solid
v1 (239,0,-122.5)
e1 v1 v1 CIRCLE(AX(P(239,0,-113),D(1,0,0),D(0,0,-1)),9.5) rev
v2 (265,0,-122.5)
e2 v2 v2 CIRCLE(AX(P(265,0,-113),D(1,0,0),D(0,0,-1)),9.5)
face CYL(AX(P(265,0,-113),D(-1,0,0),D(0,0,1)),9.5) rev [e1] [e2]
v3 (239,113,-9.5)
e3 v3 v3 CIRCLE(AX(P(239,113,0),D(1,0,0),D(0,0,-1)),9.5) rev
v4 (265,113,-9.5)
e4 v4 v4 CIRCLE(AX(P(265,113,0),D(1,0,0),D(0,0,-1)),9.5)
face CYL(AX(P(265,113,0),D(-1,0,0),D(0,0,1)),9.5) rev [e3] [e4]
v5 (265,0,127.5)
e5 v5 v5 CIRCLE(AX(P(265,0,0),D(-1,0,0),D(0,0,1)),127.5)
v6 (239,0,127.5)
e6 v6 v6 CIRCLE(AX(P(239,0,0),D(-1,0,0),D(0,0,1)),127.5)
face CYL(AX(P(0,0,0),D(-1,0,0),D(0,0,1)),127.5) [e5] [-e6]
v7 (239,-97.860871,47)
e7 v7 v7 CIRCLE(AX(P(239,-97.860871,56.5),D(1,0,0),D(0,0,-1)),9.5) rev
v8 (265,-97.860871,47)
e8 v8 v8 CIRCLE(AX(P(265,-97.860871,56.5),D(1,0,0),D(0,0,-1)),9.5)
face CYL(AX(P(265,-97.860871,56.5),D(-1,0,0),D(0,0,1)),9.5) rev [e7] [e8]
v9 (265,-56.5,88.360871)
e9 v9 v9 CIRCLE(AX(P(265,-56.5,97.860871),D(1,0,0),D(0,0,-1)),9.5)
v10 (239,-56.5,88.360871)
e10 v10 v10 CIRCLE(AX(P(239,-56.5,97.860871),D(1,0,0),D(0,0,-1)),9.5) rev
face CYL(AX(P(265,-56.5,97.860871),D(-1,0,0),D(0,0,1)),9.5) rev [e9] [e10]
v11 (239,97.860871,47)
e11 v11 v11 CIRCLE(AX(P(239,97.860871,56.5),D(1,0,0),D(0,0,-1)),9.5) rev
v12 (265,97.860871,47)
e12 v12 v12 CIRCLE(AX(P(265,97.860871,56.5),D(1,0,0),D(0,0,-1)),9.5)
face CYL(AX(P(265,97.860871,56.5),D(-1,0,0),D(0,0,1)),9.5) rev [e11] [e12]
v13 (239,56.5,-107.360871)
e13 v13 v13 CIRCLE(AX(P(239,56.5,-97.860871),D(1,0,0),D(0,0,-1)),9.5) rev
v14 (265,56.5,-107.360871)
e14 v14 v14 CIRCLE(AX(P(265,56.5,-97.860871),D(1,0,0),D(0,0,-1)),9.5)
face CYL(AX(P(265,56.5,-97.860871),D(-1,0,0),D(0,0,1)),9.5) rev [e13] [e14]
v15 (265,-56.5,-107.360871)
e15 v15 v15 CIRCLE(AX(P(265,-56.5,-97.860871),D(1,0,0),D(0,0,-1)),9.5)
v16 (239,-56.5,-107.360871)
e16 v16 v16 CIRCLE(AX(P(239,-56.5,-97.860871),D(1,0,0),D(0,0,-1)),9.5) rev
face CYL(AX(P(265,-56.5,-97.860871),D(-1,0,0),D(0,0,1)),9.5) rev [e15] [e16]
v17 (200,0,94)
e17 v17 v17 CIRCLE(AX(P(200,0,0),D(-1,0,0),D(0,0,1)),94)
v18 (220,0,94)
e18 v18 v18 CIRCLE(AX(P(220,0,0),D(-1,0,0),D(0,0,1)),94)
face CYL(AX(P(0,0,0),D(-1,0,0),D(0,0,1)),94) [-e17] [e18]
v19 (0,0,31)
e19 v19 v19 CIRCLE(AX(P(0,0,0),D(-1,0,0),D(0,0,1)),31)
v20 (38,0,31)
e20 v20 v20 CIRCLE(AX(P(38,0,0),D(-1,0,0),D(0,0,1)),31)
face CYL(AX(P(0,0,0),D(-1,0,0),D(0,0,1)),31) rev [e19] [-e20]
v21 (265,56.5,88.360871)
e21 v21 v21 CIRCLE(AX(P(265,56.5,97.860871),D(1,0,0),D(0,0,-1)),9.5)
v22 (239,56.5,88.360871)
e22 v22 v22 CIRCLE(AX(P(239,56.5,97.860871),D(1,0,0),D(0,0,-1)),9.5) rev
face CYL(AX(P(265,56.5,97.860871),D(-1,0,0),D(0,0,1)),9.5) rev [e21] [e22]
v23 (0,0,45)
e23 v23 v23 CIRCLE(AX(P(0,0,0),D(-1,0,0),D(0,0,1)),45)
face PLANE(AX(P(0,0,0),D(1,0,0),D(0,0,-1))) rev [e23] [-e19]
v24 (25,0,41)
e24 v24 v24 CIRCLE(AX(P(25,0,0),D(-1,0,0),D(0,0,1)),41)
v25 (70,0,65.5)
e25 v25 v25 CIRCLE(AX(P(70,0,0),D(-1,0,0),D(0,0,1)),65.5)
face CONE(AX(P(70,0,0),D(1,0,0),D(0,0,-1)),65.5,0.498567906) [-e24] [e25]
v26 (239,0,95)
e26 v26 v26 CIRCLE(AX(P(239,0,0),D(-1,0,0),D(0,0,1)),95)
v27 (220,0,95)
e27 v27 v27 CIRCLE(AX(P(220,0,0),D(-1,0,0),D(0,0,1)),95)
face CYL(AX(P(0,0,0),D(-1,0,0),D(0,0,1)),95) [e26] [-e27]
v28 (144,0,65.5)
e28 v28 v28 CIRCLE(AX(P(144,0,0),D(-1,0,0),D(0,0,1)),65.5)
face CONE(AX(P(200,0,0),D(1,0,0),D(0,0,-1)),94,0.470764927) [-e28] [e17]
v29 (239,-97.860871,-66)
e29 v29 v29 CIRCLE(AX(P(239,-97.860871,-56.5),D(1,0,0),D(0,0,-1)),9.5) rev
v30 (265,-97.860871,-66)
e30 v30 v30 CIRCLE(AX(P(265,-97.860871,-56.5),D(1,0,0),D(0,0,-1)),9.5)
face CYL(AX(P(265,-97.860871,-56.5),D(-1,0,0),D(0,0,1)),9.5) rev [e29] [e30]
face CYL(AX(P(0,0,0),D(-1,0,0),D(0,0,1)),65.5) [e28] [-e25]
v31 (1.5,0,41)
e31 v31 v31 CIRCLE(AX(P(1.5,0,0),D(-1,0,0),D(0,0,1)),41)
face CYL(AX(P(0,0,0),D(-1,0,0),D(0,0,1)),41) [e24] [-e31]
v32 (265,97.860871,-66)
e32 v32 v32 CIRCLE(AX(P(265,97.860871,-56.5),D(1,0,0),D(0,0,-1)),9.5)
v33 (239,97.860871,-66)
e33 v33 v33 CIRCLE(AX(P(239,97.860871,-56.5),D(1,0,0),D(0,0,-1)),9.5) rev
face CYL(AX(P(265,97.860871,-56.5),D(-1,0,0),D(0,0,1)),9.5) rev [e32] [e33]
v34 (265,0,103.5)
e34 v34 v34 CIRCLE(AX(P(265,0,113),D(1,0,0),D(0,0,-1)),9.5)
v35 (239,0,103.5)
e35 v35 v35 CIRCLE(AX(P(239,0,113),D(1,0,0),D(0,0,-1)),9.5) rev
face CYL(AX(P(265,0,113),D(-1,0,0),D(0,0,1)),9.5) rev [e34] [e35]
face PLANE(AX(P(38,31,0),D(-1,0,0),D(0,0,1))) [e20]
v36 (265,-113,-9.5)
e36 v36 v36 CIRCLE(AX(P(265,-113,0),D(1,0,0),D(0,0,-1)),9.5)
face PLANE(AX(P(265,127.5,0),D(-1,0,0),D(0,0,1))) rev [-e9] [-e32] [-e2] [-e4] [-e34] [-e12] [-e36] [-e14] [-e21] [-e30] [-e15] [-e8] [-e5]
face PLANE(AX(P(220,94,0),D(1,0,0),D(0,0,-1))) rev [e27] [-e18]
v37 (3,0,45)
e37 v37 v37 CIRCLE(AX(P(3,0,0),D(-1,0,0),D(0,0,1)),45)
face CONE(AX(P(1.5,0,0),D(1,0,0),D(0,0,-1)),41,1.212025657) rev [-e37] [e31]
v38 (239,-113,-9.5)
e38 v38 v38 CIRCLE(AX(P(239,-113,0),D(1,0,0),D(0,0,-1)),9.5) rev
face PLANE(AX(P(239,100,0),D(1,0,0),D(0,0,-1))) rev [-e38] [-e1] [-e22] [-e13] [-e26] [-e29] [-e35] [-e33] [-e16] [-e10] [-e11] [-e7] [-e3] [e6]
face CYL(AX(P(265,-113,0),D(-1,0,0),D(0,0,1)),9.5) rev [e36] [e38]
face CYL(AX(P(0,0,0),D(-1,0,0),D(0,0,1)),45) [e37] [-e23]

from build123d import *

# Parameters (mm, degrees)
SKETCH_2_W           = 38
SKETCH_2_H           = 31
SKETCH_3_R           = 9.5
CUT_EXTRUDE_1_DEPTH  = 321.526909947
SKETCH_4_R           = 9.5
CUT_EXTRUDE_2_DEPTH  = 321.526909947
SKETCH_5_R           = 9.5
CUT_EXTRUDE_3_DEPTH  = 321.526909947
SKETCH_6_R           = 9.5
CUT_EXTRUDE_4_DEPTH  = 321.526909947
SKETCH_7_R           = 9.5
CUT_EXTRUDE_5_DEPTH  = 321.526909947
SKETCH_8_R           = 9.5
CUT_EXTRUDE_6_DEPTH  = 321.526909947
SKETCH_9_R           = 9.5
CUT_EXTRUDE_7_DEPTH  = 321.526909947
SKETCH_10_R          = 9.5
CUT_EXTRUDE_8_DEPTH  = 321.526909947
SKETCH_11_R          = 9.5
CUT_EXTRUDE_9_DEPTH  = 321.526909947
SKETCH_12_R          = 9.5
CUT_EXTRUDE_10_DEPTH = 321.526909947
SKETCH_13_R          = 9.5
CUT_EXTRUDE_11_DEPTH = 321.526909947
SKETCH_14_R          = 9.5
CUT_EXTRUDE_12_DEPTH = 321.526909947


with BuildPart() as part:
    # Эскиз1 → Повернуть1 (revolve)
    with BuildSketch(Plane.XY, mode=Mode.PRIVATE) as revolve_1_sk:
        Polygon((0, 0), (265, 0), (265, 127.5), (239, 127.5), (239, 100), (239, 95), (220, 95), (220, 94), (200, 94), (144, 65.5), (70, 65.5), (25, 41), (1.5, 41), (3, 45), (0, 45), align=None)
    revolve(revolve_1_sk.sketch.rotate(Axis((0, 0, 0), (1, 0, 0)), 90), axis=Axis((0, 0, 0), (1, 0, 0)))

    # Эскиз2 → Вырез-Повернуть1 (revolve, cut)
    with BuildSketch(Plane.XY, mode=Mode.PRIVATE) as cut_revolve_1_sk:
        with Locations((19, 15.5)):
            Rectangle(SKETCH_2_W, SKETCH_2_H)
    revolve(cut_revolve_1_sk.sketch.rotate(Axis((0, 0, 0), (1, 0, 0)), 90), axis=Axis((0, 0, 0), (1, 0, 0)), mode=Mode.SUBTRACT)

    # Эскиз3 → Вырез-Вытянуть1 (cut, through all)
    with BuildSketch(Plane(origin=(0, 0, 0), x_dir=(0, 0, -1), z_dir=(1, 0, 0))):
        with Locations((0, 113)):
            Circle(SKETCH_3_R)
    extrude(amount=CUT_EXTRUDE_1_DEPTH, mode=Mode.SUBTRACT)

    # Эскиз4 → Вырез-Вытянуть2 (cut, through all)
    with BuildSketch(Plane(origin=(0, 0, 0), x_dir=(0, 0, -1), z_dir=(1, 0, 0))):
        with Locations((-56.5, 97.860870628)):
            Circle(SKETCH_4_R)
    extrude(amount=CUT_EXTRUDE_2_DEPTH, mode=Mode.SUBTRACT)

    # Эскиз5 → Вырез-Вытянуть3 (cut, through all)
    with BuildSketch(Plane(origin=(0, 0, 0), x_dir=(0, 0, -1), z_dir=(1, 0, 0))):
        with Locations((-97.860870628, 56.5)):
            Circle(SKETCH_5_R)
    extrude(amount=CUT_EXTRUDE_3_DEPTH, mode=Mode.SUBTRACT)

    # Эскиз6 → Вырез-Вытянуть4 (cut, through all)
    with BuildSketch(Plane(origin=(0, 0, 0), x_dir=(0, 0, -1), z_dir=(1, 0, 0))):
        with Locations((-113, 0)):
            Circle(SKETCH_6_R)
    extrude(amount=CUT_EXTRUDE_4_DEPTH, mode=Mode.SUBTRACT)

    # Эскиз7 → Вырез-Вытянуть5 (cut, through all)
    with BuildSketch(Plane(origin=(0, 0, 0), x_dir=(0, 0, -1), z_dir=(1, 0, 0))):
        with Locations((-97.860870628, -56.5)):
            Circle(SKETCH_7_R)
    extrude(amount=CUT_EXTRUDE_5_DEPTH, mode=Mode.SUBTRACT)

    # Эскиз8 → Вырез-Вытянуть6 (cut, through all)
    with BuildSketch(Plane(origin=(0, 0, 0), x_dir=(0, 0, -1), z_dir=(1, 0, 0))):
        with Locations((-56.5, -97.860870628)):
            Circle(SKETCH_8_R)
    extrude(amount=CUT_EXTRUDE_6_DEPTH, mode=Mode.SUBTRACT)

    # Эскиз9 → Вырез-Вытянуть7 (cut, through all)
    with BuildSketch(Plane(origin=(0, 0, 0), x_dir=(0, 0, -1), z_dir=(1, 0, 0))):
        with Locations((0, -113)):
            Circle(SKETCH_9_R)
    extrude(amount=CUT_EXTRUDE_7_DEPTH, mode=Mode.SUBTRACT)

    # Эскиз10 → Вырез-Вытянуть8 (cut, through all)
    with BuildSketch(Plane(origin=(0, 0, 0), x_dir=(0, 0, -1), z_dir=(1, 0, 0))):
        with Locations((56.5, -97.860870628)):
            Circle(SKETCH_10_R)
    extrude(amount=CUT_EXTRUDE_8_DEPTH, mode=Mode.SUBTRACT)

    # Эскиз11 → Вырез-Вытянуть9 (cut, through all)
    with BuildSketch(Plane(origin=(0, 0, 0), x_dir=(0, 0, -1), z_dir=(1, 0, 0))):
        with Locations((97.860870628, -56.5)):
            Circle(SKETCH_11_R)
    extrude(amount=CUT_EXTRUDE_9_DEPTH, mode=Mode.SUBTRACT)

    # Эскиз12 → Вырез-Вытянуть10 (cut, through all)
    with BuildSketch(Plane(origin=(0, 0, 0), x_dir=(0, 0, -1), z_dir=(1, 0, 0))):
        with Locations((113, 0)):
            Circle(SKETCH_12_R)
    extrude(amount=CUT_EXTRUDE_10_DEPTH, mode=Mode.SUBTRACT)

    # Эскиз13 → Вырез-Вытянуть11 (cut, through all)
    with BuildSketch(Plane(origin=(0, 0, 0), x_dir=(0, 0, -1), z_dir=(1, 0, 0))):
        with Locations((97.860870628, 56.5)):
            Circle(SKETCH_13_R)
    extrude(amount=CUT_EXTRUDE_11_DEPTH, mode=Mode.SUBTRACT)

    # Эскиз14 → Вырез-Вытянуть12 (cut, through all)
    with BuildSketch(Plane(origin=(0, 0, 0), x_dir=(0, 0, -1), z_dir=(1, 0, 0))):
        with Locations((56.5, 97.860870628)):
            Circle(SKETCH_14_R)
    extrude(amount=CUT_EXTRUDE_12_DEPTH, mode=Mode.SUBTRACT)


solid = part.part
